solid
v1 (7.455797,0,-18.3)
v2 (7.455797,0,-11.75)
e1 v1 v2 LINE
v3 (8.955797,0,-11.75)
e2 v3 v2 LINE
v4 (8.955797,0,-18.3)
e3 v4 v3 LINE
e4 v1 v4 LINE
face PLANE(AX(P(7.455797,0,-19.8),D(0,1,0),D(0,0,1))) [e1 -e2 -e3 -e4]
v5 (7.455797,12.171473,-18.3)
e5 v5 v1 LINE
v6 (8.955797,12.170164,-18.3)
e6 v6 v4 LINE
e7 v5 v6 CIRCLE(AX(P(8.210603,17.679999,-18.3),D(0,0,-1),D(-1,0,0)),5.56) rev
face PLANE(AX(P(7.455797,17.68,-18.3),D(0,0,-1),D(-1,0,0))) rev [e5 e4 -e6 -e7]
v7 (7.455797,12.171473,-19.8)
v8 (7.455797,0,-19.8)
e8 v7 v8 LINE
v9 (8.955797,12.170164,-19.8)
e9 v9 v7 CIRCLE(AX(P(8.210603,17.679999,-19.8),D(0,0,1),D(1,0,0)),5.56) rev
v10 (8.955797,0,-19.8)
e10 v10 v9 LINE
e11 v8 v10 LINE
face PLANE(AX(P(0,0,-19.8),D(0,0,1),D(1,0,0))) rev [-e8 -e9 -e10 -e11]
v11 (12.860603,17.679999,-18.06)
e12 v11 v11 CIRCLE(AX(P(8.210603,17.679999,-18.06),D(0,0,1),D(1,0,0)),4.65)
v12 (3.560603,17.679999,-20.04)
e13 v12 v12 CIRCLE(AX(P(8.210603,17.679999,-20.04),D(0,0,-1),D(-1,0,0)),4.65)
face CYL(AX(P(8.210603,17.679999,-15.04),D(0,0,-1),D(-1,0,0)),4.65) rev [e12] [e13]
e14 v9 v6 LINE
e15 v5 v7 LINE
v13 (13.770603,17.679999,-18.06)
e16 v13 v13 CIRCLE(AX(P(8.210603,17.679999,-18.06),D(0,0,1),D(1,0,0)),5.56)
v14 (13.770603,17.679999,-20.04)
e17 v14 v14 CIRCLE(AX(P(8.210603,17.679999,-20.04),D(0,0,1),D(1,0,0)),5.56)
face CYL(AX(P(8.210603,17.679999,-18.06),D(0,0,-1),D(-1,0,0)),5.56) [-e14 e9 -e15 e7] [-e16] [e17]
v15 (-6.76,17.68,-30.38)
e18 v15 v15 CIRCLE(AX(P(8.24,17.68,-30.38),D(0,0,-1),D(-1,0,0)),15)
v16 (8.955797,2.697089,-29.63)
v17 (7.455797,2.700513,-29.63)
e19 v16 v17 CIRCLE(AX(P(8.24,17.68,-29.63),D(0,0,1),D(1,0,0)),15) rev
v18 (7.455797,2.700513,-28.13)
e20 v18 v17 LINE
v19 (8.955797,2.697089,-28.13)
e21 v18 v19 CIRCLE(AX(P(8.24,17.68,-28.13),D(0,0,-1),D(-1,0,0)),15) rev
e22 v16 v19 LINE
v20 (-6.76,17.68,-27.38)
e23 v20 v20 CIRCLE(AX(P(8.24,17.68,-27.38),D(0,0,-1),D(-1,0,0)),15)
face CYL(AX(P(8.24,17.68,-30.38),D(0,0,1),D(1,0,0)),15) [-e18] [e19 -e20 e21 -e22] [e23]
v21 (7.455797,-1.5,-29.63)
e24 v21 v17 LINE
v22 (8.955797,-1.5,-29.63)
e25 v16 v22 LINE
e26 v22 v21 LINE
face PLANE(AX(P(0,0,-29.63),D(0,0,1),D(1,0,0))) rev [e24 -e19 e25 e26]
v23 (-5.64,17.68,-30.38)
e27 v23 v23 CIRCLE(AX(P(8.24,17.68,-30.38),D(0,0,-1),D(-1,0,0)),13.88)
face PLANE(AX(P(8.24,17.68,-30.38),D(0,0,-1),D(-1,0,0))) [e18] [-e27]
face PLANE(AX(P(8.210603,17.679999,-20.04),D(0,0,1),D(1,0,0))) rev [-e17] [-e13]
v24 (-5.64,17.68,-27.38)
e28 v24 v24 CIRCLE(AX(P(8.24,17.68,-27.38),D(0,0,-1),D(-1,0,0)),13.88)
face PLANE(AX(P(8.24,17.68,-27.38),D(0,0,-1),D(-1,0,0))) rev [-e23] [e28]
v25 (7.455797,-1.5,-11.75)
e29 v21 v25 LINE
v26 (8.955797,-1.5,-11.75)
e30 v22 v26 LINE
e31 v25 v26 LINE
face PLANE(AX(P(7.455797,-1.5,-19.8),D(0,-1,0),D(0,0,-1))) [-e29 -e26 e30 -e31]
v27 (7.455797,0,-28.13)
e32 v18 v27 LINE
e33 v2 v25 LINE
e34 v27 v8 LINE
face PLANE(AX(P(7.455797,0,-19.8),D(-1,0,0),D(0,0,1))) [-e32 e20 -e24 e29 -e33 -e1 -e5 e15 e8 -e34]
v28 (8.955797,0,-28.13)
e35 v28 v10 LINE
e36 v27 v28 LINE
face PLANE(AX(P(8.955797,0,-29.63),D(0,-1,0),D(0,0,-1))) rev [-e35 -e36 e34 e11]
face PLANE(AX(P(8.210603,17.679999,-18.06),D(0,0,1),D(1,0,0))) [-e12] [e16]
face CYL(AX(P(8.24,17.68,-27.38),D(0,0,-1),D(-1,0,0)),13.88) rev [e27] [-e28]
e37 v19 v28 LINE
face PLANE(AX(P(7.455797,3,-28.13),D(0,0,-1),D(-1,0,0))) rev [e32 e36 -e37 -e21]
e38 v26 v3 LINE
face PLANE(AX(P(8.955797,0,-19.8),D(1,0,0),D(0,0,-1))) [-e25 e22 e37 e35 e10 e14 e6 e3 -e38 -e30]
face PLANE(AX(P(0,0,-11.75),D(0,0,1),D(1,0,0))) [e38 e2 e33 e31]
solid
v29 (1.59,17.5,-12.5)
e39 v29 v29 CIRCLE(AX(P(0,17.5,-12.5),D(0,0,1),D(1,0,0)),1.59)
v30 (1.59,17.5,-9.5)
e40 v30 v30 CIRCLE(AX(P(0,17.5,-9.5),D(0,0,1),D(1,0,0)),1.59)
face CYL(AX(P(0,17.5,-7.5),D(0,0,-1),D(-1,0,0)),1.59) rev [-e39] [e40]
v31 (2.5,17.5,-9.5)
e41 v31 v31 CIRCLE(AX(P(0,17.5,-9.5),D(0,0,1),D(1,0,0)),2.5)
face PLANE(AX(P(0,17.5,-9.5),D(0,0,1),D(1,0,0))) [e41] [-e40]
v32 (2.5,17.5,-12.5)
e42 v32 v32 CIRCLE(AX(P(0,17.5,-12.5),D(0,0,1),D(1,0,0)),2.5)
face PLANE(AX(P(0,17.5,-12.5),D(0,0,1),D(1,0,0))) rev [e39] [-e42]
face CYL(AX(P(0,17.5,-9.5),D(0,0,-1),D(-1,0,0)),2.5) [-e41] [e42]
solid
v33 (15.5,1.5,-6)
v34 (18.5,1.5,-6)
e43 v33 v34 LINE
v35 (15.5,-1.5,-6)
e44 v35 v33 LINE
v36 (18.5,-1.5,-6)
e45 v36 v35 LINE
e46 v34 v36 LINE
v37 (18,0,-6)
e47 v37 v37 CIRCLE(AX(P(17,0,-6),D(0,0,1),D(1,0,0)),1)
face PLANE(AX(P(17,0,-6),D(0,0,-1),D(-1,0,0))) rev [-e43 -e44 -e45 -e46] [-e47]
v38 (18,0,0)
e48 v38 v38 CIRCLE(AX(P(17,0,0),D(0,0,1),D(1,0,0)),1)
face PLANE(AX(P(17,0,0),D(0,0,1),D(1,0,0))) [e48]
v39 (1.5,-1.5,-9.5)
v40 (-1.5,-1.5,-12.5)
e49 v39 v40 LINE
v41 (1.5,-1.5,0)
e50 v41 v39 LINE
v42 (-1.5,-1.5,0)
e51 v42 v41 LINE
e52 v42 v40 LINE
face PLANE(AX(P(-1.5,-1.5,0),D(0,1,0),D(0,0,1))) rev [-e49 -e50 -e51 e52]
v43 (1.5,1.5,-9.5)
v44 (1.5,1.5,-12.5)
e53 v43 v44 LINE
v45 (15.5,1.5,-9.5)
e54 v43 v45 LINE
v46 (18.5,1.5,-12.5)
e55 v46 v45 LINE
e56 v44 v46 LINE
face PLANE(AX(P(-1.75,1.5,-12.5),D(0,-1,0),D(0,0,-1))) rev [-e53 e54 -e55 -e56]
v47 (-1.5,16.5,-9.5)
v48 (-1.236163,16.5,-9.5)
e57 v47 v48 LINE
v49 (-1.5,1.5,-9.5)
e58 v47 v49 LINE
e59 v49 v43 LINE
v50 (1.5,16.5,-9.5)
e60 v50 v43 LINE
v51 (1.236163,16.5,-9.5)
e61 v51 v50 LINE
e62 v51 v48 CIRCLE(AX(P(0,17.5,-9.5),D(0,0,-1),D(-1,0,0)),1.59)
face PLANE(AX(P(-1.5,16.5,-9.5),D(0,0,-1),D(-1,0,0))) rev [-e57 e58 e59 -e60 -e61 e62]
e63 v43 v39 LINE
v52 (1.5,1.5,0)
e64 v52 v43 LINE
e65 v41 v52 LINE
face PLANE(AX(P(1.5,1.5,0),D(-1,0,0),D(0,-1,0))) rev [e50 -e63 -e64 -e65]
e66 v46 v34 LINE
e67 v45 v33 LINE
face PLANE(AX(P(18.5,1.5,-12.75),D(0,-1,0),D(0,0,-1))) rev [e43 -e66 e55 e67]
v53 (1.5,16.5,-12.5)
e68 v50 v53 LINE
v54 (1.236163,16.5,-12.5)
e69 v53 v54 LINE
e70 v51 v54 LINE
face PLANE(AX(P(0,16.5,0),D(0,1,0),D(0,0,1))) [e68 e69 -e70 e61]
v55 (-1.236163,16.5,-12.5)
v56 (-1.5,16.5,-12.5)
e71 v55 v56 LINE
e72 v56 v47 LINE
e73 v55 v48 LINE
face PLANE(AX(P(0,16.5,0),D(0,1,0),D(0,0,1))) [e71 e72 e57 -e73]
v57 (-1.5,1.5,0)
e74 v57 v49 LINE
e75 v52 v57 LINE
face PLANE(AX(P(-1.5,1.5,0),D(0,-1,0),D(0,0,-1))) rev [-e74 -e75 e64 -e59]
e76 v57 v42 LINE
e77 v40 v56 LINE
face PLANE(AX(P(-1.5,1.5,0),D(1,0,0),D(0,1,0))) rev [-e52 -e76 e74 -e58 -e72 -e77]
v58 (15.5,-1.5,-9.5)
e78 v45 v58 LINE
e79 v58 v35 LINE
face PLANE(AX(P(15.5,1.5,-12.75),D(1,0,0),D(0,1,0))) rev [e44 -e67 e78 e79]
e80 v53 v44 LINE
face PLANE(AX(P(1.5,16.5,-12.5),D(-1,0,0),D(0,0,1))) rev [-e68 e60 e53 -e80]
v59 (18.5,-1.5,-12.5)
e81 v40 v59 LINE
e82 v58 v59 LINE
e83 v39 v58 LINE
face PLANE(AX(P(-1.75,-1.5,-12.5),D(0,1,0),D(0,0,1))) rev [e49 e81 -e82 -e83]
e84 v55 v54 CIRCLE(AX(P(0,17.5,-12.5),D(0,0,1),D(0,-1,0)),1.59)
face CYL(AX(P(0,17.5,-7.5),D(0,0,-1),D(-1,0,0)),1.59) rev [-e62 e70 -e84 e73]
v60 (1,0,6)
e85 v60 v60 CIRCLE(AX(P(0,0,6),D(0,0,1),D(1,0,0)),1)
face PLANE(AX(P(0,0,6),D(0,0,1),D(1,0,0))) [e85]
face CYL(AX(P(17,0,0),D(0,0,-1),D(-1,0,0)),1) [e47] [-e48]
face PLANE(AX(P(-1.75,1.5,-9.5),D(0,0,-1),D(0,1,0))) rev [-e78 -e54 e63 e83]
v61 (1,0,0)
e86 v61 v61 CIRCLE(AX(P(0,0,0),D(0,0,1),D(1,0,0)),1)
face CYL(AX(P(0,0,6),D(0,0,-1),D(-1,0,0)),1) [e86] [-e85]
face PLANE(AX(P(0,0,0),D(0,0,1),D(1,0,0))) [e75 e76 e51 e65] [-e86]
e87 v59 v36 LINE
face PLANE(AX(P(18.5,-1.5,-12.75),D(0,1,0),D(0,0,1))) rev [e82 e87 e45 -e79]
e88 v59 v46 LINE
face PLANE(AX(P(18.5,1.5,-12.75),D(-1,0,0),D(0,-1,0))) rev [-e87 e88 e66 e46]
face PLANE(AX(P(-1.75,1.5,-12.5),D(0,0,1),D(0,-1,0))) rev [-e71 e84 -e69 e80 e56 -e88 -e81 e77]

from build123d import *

# Parameters (mm, degrees)
SKETCH3_W            = 3
SKETCH3_H            = 3
SKETCH7_W            = 3
SKETCH7_H            = 3
BOSS_EXTRUDE1_DEPTH  = 16.5
SKETCH12_R           = 2.5
BOSS_EXTRUDE4_DEPTH  = 1.5
SKETCH17_R           = 1
BOSS_EXTRUDE5_DEPTH  = 6
SKETCH18_R           = 1
BOSS_EXTRUDE6_DEPTH  = 6
SKETCH19_W           = 1.5
SKETCH19_H           = 1.5
BOSS_EXTRUDE7_DEPTH  = 8.05
SKETCH21_W           = 1.5
SKETCH21_H           = 1.5
BOSS_EXTRUDE8_DEPTH  = 17.68
SKETCH22_R           = 5.56
BOSS_EXTRUDE9_DEPTH  = 0.99
SKETCH23_R           = 4.65
CUT_EXTRUDE2_DEPTH   = 5
SKETCH24_W           = 1.5
SKETCH24_H           = 1.5
BOSS_EXTRUDE10_DEPTH = 9.83
SKETCH25_W           = 1.5
SKETCH25_H           = 1.5
BOSS_EXTRUDE11_DEPTH = 3
SKETCH27_R           = 15
BOSS_EXTRUDE12_DEPTH = 1.5
SKETCH28_R           = 13.88
CUT_EXTRUDE3_DEPTH   = 3
SKETCH16_R           = 1.59
CUT_EXTRUDE9_DEPTH   = 5


with BuildPart() as part:
    # Sweep3: sweep along a path in Sketch4
    with BuildLine(Plane(origin=(0, 0, 0), x_dir=(1, 0, 0), z_dir=(0, 1, 0))) as sweep3_path:
        Line((0, 0), (0, 11))
        Line((0, 11), (17, 11))
        Line((17, 11), (17, 6))
    # Sketch3 → Sweep3 (sweep)
    with BuildSketch(Plane.XY):
        Rectangle(SKETCH3_W, SKETCH3_H)
    sweep(path=sweep3_path.line, transition=Transition.RIGHT)

    # Sketch7 → Boss-Extrude1 (add)
    with BuildSketch(Plane(origin=(0, 0, 0), x_dir=(1, 0, 0), z_dir=(0, 1, 0))):
        with Locations((0, 11)):
            Rectangle(SKETCH7_W, SKETCH7_H)
    extrude(amount=BOSS_EXTRUDE1_DEPTH)

    # Sketch17 → Boss-Extrude5 (add)
    with BuildSketch(Plane.XY):
        Circle(SKETCH17_R)
    extrude(amount=BOSS_EXTRUDE5_DEPTH)

    # Sketch18 → Boss-Extrude6 (add)
    with BuildSketch(Plane.XY.offset(-6)):
        with Locations((17, 0)):
            Circle(SKETCH18_R)
    extrude(amount=BOSS_EXTRUDE6_DEPTH)


with BuildPart() as body_2:
    # Sketch12 → Boss-Extrude4 (new, symmetric)
    with BuildSketch(Plane.XY.offset(-11)):
        with Locations((0, 17.5)):
            Circle(SKETCH12_R)
    extrude(amount=BOSS_EXTRUDE4_DEPTH, both=True)


with BuildPart() as body_3:
    # Sketch19 → Boss-Extrude7 (new body)
    with BuildSketch(Plane.XY.offset(-11.75)):
        with Locations((8.205796732, -0.75)):
            Rectangle(SKETCH19_W, SKETCH19_H)
    extrude(amount=-BOSS_EXTRUDE7_DEPTH)

    # Sketch21 → Boss-Extrude8 (add)
    with BuildSketch(Plane(origin=(0, 0, 0), x_dir=(1, 0, 0), z_dir=(0, 1, 0))):
        with Locations((8.205796732, 19.05)):
            Rectangle(SKETCH21_W, SKETCH21_H)
    extrude(amount=BOSS_EXTRUDE8_DEPTH)

    # Sketch22 → Boss-Extrude9 (add, symmetric)
    with BuildSketch(Plane.XY.offset(-19.05)):
        with Locations((8.210603396, 17.679999347)):
            Circle(SKETCH22_R)
    extrude(amount=BOSS_EXTRUDE9_DEPTH, both=True)

    # Sketch23 → Cut-Extrude2 (cut)
    with BuildSketch(Plane(origin=(0, 0, -20.04), x_dir=(-1, 0, 0), z_dir=(0, 0, -1))):
        with Locations((-8.210603396, 17.679999347)):
            Circle(SKETCH23_R)
    extrude(amount=-CUT_EXTRUDE2_DEPTH, mode=Mode.SUBTRACT)

    # Sketch24 → Boss-Extrude10 (add)
    with BuildSketch(Plane(origin=(0, 0, -19.8), x_dir=(-1, 0, 0), z_dir=(0, 0, -1))):
        with Locations((-8.205796732, -0.75)):
            Rectangle(SKETCH24_W, SKETCH24_H)
    extrude(amount=BOSS_EXTRUDE10_DEPTH)

    # Sketch25 → Boss-Extrude11 (add)
    with BuildSketch(Plane(origin=(0, 0, 0), x_dir=(1, 0, 0), z_dir=(0, 1, 0))):
        with Locations((8.205796732, 28.88)):
            Rectangle(SKETCH25_W, SKETCH25_H)
    extrude(amount=BOSS_EXTRUDE11_DEPTH)

    # Sketch27 → Boss-Extrude12 (add, symmetric)
    with BuildSketch(Plane(origin=(0, 0, -28.88), x_dir=(-1, 0, 0), z_dir=(0, 0, -1))):
        with Locations((-8.24, 17.68)):
            Circle(SKETCH27_R)
    extrude(amount=BOSS_EXTRUDE12_DEPTH, both=True)

    # Sketch28 → Cut-Extrude3 (cut)
    with BuildSketch(Plane(origin=(0, 0, -30.38), x_dir=(-1, 0, 0), z_dir=(0, 0, -1))):
        with Locations((-8.24, 17.68)):
            Circle(SKETCH28_R)
    extrude(amount=-CUT_EXTRUDE3_DEPTH, mode=Mode.SUBTRACT)


with BuildPart() as cut_extrude9_tool:
    # Sketch16 → Cut-Extrude9 (new, symmetric)
    with BuildSketch(Plane(origin=(0, 0, -12.5), x_dir=(-1, 0, 0), z_dir=(0, 0, -1))):
        with Locations((0, 17.5)):
            Circle(SKETCH16_R)
    extrude(amount=CUT_EXTRUDE9_DEPTH, both=True)


with BuildPart() as part_1:
    add(part.part)

    # Cut-Extrude9: cut by cut_extrude9_tool
    add(cut_extrude9_tool.part, mode=Mode.SUBTRACT)


with BuildPart() as body_2_1:
    add(body_2.part)

    # Cut-Extrude9: cut by cut_extrude9_tool
    add(cut_extrude9_tool.part, mode=Mode.SUBTRACT)


solid = Compound([body_3.part, part_1.part, body_2_1.part])
